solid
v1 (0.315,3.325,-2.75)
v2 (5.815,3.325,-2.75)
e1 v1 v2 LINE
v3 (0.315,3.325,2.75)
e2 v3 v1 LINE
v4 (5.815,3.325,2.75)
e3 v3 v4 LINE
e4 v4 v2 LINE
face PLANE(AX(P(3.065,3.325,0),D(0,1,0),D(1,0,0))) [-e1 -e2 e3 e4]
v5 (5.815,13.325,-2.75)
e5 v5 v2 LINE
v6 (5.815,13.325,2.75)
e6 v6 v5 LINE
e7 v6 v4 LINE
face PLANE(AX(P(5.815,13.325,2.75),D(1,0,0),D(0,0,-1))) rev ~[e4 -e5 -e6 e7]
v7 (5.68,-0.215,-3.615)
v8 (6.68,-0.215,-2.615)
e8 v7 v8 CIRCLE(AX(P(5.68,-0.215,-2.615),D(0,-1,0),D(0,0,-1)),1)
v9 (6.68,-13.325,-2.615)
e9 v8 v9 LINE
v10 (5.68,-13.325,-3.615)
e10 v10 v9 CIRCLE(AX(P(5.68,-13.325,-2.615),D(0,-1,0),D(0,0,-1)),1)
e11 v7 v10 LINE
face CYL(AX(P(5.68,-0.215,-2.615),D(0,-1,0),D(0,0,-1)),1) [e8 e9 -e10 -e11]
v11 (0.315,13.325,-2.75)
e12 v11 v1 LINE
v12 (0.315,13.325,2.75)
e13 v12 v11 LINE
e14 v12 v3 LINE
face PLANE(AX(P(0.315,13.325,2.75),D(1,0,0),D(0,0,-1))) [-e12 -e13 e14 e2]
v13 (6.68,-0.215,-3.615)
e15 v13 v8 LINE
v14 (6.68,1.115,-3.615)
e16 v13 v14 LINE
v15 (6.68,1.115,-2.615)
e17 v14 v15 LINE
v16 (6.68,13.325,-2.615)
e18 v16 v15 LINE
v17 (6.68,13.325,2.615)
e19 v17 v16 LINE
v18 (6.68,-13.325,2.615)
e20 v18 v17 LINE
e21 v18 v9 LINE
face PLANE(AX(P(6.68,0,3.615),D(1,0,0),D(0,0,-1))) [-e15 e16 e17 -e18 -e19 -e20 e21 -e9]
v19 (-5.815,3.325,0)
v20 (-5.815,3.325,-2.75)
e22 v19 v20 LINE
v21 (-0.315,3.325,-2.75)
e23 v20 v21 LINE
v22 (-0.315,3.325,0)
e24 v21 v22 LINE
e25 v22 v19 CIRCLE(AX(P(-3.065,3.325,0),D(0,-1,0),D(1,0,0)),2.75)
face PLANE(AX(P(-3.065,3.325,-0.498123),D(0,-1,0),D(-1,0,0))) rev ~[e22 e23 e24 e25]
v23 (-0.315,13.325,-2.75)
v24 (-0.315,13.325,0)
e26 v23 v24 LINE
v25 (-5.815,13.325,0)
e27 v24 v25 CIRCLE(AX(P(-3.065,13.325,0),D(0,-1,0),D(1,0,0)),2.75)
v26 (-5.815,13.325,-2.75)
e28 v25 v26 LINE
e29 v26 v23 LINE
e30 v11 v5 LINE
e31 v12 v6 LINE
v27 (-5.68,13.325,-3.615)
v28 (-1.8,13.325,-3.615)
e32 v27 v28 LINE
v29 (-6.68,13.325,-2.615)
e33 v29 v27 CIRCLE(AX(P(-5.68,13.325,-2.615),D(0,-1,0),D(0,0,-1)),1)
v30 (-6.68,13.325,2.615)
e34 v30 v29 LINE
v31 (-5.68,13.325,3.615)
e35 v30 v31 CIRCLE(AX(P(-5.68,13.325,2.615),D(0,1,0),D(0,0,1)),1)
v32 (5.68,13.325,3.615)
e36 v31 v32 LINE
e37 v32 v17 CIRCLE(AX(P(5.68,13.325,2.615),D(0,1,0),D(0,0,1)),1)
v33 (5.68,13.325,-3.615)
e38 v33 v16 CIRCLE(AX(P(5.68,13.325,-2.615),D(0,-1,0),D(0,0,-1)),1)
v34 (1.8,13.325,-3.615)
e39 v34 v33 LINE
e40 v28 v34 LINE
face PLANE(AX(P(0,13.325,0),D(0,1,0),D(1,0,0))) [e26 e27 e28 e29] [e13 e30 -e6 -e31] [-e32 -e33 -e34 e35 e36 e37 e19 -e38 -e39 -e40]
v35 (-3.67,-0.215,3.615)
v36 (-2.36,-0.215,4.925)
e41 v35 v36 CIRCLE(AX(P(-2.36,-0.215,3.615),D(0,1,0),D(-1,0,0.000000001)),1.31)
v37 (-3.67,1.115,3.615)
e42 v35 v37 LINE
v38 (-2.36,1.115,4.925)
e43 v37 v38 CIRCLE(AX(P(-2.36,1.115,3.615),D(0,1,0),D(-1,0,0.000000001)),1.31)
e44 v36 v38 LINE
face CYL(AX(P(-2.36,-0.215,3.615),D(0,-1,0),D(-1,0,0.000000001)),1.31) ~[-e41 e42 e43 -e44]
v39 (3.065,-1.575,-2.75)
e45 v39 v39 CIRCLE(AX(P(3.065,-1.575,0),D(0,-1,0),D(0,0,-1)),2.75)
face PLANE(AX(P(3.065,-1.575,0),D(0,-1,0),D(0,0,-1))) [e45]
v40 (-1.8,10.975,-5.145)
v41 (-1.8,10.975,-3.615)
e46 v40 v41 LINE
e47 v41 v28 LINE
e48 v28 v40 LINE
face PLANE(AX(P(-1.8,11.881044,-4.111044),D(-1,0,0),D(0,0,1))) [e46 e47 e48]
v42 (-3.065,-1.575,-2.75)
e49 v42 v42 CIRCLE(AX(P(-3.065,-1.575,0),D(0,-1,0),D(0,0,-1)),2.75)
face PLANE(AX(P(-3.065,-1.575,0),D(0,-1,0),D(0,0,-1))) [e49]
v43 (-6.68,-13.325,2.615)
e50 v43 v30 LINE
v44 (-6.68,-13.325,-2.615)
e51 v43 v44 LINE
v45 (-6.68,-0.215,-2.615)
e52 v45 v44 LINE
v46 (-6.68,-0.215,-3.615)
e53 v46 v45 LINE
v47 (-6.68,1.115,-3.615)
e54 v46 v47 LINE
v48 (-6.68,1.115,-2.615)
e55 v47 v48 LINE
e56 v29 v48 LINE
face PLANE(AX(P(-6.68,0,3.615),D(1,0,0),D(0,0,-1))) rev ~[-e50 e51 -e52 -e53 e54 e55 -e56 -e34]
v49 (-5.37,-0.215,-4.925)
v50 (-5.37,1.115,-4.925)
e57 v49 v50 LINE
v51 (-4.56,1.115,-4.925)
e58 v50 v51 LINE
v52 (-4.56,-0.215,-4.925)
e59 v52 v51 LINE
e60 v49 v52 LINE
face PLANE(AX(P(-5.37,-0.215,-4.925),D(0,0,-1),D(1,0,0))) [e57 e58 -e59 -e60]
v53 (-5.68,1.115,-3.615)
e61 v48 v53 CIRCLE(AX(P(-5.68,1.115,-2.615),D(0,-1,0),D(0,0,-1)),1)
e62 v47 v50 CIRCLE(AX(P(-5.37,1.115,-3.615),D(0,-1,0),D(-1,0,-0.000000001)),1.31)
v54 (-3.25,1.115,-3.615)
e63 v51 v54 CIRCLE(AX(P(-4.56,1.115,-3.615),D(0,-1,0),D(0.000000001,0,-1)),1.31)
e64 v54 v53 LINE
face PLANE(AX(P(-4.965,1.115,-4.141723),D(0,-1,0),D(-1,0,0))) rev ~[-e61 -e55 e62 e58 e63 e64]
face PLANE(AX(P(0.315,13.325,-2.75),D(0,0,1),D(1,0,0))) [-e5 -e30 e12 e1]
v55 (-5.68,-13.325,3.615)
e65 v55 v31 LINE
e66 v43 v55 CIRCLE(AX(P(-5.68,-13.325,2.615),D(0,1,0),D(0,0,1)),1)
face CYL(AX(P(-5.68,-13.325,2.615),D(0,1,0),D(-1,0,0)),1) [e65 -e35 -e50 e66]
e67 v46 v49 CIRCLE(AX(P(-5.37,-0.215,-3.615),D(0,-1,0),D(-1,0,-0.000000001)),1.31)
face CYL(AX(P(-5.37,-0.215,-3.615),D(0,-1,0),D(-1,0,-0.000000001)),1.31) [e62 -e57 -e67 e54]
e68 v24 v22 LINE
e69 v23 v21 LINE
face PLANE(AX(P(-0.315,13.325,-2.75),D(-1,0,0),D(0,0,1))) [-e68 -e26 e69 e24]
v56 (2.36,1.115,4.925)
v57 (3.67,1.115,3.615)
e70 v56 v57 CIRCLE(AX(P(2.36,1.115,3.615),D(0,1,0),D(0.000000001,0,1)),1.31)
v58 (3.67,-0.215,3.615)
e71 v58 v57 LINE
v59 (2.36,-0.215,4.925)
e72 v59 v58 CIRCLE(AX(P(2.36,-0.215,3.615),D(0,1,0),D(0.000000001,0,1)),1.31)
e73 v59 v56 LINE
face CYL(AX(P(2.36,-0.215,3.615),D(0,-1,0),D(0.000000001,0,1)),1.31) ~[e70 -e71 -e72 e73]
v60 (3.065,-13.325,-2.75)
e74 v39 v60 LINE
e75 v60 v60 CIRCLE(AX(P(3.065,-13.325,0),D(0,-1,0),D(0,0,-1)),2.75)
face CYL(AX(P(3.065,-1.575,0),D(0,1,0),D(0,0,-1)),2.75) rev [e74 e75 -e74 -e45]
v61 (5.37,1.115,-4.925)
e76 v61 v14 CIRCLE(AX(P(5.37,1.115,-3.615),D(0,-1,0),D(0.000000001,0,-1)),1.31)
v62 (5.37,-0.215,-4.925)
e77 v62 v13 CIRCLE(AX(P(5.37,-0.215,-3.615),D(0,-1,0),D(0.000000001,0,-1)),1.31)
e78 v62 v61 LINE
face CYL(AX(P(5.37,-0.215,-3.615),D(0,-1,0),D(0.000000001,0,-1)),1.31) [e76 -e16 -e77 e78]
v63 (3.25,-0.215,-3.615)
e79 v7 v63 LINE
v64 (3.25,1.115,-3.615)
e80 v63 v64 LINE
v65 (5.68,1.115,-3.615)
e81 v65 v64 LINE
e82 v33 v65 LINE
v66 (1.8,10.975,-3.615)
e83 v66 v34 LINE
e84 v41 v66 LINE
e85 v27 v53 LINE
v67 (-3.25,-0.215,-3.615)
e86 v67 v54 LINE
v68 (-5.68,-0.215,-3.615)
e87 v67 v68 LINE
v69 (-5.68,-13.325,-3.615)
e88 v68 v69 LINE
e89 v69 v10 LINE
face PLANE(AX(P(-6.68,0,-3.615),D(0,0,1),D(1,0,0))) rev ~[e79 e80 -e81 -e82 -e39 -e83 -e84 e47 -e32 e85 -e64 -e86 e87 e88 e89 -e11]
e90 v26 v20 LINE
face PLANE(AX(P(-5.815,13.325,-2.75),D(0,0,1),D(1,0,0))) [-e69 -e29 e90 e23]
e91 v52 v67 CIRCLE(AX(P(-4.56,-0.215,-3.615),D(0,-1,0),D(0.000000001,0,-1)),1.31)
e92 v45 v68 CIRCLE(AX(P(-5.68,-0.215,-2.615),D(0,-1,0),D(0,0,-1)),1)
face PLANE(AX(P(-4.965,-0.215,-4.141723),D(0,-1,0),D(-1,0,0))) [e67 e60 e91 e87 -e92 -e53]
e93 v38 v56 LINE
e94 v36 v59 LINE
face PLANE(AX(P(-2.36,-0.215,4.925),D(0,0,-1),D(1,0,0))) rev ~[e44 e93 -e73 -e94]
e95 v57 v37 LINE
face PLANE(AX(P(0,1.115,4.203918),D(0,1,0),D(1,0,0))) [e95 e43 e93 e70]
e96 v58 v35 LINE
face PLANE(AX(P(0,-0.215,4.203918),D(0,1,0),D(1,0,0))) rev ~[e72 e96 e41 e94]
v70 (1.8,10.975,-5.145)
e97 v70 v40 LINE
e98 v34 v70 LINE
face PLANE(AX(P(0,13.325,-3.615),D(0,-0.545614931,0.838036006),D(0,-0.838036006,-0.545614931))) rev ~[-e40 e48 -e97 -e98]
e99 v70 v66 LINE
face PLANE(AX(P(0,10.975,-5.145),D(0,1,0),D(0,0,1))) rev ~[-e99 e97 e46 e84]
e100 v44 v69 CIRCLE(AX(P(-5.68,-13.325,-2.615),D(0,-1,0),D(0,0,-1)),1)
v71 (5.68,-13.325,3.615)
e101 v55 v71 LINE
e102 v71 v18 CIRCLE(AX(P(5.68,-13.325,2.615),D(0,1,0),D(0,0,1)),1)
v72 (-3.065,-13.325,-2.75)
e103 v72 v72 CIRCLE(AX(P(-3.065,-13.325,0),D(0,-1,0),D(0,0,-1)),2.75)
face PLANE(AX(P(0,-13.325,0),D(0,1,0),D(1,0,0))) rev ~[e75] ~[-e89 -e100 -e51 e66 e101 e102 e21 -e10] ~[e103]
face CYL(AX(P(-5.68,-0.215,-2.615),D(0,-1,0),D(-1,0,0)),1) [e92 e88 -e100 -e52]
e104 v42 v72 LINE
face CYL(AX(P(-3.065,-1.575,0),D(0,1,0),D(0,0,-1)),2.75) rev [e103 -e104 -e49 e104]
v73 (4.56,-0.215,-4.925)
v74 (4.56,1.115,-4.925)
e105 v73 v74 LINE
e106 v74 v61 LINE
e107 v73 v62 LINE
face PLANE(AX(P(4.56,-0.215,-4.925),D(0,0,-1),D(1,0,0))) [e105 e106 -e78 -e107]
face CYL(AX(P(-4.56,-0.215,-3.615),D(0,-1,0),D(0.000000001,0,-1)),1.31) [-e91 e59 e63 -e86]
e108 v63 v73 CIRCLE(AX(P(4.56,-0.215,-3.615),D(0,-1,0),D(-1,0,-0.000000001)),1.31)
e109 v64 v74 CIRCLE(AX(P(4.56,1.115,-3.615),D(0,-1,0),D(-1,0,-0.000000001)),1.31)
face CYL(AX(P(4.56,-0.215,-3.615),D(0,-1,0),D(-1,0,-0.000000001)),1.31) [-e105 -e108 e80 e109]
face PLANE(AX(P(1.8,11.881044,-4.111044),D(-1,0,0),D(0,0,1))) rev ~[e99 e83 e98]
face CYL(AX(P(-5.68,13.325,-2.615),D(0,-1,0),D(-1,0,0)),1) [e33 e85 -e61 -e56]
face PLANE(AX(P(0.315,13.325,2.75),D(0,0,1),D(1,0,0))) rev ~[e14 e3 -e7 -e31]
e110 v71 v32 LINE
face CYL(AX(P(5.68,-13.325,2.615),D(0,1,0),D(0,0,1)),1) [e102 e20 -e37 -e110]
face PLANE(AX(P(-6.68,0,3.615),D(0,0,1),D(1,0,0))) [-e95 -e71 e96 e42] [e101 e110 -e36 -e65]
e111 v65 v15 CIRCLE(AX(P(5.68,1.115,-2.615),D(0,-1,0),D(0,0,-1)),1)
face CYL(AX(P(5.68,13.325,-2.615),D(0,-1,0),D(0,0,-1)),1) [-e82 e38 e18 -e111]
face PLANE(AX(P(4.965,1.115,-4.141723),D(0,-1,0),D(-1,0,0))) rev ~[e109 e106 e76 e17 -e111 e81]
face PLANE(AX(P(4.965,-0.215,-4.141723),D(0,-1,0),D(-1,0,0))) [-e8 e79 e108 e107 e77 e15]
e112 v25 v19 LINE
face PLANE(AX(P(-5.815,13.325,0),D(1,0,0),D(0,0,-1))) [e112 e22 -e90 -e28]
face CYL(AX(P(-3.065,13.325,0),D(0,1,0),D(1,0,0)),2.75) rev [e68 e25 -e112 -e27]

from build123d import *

# Parameters (mm, degrees)
SKETCH1_W           = 13.36
SKETCH1_H           = 7.23
BOSS_EXTRUDE1_DEPTH = 13.325
SKETCH2_W           = 5.5
SKETCH2_H           = 5.5
CUT_EXTRUDE1_DEPTH  = 10
CUT_EXTRUDE2_START  = -11.75
SKETCH3_R           = 2.75
CUT_EXTRUDE2_DEPTH  = 11.75
BOSS_EXTRUDE2_DEPTH = 1.8
BOSS_EXTRUDE3_DEPTH = 1.33
FILLET1_R           = 1


with BuildPart() as part:
    # Sketch1 → Boss-Extrude1 (new, symmetric)
    with BuildSketch(Plane(origin=(0, 0, 0), x_dir=(1, 0, 0), z_dir=(0, 1, 0))):
        Rectangle(SKETCH1_W, SKETCH1_H)
    extrude(amount=BOSS_EXTRUDE1_DEPTH, both=True)

    # Sketch2 → Cut-Extrude1 (cut)
    with BuildSketch(Plane(origin=(0, 13.325, 0), x_dir=(1, 0, 0), z_dir=(0, 1, 0))):
        with BuildLine():
            Line((-5.815, 2.75), (-0.315, 2.75))
            Line((-0.315, 2.75), (-0.315, 0))
            ThreePointArc((-0.315, 0), (-3.065, -2.75), (-5.815, 0))
            Line((-5.815, 0), (-5.815, 2.75))
        make_face()
        with Locations((3.065, 0)):
            Rectangle(SKETCH2_W, SKETCH2_H)
    extrude(amount=-CUT_EXTRUDE1_DEPTH, mode=Mode.SUBTRACT)

    # Sketch3 → Cut-Extrude2 (cut)
    with BuildSketch(Plane.XZ.offset(13.325).offset(CUT_EXTRUDE2_START)):
        with Locations(Location((-3.065, 0, 0), (0, 0, 270))):
            Circle(SKETCH3_R)
        with Locations(Location((3.065, 0, 0), (0, 0, 270))):
            Circle(SKETCH3_R)
    extrude(amount=CUT_EXTRUDE2_DEPTH, mode=Mode.SUBTRACT)

    # Sketch4 → Boss-Extrude2 (add, symmetric)
    with BuildSketch(Plane(origin=(0, 0, 0), x_dir=(0, 0, -1), z_dir=(1, 0, 0))):
        Polygon((3.615, 13.325), (5.145, 10.975), (3.615, 10.975), align=None)
    extrude(amount=BOSS_EXTRUDE2_DEPTH, both=True)

    # Sketch5 → Boss-Extrude3 (add)
    with BuildSketch(Plane(origin=(0, -0.215, 0), x_dir=(1, 0, 0), z_dir=(0, 1, 0))):
        with BuildLine():
            Line((-5.37, 4.925), (-4.56, 4.925))
            ThreePointArc((-4.56, 4.925), (-3.633690117, 4.541309883), (-3.25, 3.615))
            Line((-3.25, 3.615), (-6.68, 3.615))
            ThreePointArc((-6.68, 3.615), (-6.296309883, 4.541309883), (-5.37, 4.925))
        make_face()
        with BuildLine():
            Line((4.56, 4.925), (5.37, 4.925))
            ThreePointArc((5.37, 4.925), (6.296309883, 4.541309883), (6.68, 3.615))
            Line((6.68, 3.615), (3.25, 3.615))
            ThreePointArc((3.25, 3.615), (3.633690117, 4.541309883), (4.56, 4.925))
        make_face()
        with BuildLine():
            Line((-2.36, -4.925), (2.36, -4.925))
            ThreePointArc((2.36, -4.925), (3.286309883, -4.541309883), (3.67, -3.615))
            Line((3.67, -3.615), (-3.67, -3.615))
            ThreePointArc((-3.67, -3.615), (-3.286309883, -4.541309883), (-2.36, -4.925))
        make_face()
    extrude(amount=BOSS_EXTRUDE3_DEPTH)

    # Fillet1
    fillet1_edges = [part.edges().sort_by_distance(p)[0] for p in [
        (-6.68, -6.77, -3.615),
        (6.68, -6.77, -3.615),
        (6.68, 0, 3.615),
        (-6.68, 0, 3.615),
        (-6.68, 7.22, -3.615),
        (6.68, 7.22, -3.615),
    ]]
    fillet(fillet1_edges, radius=FILLET1_R)


solid = part.part
